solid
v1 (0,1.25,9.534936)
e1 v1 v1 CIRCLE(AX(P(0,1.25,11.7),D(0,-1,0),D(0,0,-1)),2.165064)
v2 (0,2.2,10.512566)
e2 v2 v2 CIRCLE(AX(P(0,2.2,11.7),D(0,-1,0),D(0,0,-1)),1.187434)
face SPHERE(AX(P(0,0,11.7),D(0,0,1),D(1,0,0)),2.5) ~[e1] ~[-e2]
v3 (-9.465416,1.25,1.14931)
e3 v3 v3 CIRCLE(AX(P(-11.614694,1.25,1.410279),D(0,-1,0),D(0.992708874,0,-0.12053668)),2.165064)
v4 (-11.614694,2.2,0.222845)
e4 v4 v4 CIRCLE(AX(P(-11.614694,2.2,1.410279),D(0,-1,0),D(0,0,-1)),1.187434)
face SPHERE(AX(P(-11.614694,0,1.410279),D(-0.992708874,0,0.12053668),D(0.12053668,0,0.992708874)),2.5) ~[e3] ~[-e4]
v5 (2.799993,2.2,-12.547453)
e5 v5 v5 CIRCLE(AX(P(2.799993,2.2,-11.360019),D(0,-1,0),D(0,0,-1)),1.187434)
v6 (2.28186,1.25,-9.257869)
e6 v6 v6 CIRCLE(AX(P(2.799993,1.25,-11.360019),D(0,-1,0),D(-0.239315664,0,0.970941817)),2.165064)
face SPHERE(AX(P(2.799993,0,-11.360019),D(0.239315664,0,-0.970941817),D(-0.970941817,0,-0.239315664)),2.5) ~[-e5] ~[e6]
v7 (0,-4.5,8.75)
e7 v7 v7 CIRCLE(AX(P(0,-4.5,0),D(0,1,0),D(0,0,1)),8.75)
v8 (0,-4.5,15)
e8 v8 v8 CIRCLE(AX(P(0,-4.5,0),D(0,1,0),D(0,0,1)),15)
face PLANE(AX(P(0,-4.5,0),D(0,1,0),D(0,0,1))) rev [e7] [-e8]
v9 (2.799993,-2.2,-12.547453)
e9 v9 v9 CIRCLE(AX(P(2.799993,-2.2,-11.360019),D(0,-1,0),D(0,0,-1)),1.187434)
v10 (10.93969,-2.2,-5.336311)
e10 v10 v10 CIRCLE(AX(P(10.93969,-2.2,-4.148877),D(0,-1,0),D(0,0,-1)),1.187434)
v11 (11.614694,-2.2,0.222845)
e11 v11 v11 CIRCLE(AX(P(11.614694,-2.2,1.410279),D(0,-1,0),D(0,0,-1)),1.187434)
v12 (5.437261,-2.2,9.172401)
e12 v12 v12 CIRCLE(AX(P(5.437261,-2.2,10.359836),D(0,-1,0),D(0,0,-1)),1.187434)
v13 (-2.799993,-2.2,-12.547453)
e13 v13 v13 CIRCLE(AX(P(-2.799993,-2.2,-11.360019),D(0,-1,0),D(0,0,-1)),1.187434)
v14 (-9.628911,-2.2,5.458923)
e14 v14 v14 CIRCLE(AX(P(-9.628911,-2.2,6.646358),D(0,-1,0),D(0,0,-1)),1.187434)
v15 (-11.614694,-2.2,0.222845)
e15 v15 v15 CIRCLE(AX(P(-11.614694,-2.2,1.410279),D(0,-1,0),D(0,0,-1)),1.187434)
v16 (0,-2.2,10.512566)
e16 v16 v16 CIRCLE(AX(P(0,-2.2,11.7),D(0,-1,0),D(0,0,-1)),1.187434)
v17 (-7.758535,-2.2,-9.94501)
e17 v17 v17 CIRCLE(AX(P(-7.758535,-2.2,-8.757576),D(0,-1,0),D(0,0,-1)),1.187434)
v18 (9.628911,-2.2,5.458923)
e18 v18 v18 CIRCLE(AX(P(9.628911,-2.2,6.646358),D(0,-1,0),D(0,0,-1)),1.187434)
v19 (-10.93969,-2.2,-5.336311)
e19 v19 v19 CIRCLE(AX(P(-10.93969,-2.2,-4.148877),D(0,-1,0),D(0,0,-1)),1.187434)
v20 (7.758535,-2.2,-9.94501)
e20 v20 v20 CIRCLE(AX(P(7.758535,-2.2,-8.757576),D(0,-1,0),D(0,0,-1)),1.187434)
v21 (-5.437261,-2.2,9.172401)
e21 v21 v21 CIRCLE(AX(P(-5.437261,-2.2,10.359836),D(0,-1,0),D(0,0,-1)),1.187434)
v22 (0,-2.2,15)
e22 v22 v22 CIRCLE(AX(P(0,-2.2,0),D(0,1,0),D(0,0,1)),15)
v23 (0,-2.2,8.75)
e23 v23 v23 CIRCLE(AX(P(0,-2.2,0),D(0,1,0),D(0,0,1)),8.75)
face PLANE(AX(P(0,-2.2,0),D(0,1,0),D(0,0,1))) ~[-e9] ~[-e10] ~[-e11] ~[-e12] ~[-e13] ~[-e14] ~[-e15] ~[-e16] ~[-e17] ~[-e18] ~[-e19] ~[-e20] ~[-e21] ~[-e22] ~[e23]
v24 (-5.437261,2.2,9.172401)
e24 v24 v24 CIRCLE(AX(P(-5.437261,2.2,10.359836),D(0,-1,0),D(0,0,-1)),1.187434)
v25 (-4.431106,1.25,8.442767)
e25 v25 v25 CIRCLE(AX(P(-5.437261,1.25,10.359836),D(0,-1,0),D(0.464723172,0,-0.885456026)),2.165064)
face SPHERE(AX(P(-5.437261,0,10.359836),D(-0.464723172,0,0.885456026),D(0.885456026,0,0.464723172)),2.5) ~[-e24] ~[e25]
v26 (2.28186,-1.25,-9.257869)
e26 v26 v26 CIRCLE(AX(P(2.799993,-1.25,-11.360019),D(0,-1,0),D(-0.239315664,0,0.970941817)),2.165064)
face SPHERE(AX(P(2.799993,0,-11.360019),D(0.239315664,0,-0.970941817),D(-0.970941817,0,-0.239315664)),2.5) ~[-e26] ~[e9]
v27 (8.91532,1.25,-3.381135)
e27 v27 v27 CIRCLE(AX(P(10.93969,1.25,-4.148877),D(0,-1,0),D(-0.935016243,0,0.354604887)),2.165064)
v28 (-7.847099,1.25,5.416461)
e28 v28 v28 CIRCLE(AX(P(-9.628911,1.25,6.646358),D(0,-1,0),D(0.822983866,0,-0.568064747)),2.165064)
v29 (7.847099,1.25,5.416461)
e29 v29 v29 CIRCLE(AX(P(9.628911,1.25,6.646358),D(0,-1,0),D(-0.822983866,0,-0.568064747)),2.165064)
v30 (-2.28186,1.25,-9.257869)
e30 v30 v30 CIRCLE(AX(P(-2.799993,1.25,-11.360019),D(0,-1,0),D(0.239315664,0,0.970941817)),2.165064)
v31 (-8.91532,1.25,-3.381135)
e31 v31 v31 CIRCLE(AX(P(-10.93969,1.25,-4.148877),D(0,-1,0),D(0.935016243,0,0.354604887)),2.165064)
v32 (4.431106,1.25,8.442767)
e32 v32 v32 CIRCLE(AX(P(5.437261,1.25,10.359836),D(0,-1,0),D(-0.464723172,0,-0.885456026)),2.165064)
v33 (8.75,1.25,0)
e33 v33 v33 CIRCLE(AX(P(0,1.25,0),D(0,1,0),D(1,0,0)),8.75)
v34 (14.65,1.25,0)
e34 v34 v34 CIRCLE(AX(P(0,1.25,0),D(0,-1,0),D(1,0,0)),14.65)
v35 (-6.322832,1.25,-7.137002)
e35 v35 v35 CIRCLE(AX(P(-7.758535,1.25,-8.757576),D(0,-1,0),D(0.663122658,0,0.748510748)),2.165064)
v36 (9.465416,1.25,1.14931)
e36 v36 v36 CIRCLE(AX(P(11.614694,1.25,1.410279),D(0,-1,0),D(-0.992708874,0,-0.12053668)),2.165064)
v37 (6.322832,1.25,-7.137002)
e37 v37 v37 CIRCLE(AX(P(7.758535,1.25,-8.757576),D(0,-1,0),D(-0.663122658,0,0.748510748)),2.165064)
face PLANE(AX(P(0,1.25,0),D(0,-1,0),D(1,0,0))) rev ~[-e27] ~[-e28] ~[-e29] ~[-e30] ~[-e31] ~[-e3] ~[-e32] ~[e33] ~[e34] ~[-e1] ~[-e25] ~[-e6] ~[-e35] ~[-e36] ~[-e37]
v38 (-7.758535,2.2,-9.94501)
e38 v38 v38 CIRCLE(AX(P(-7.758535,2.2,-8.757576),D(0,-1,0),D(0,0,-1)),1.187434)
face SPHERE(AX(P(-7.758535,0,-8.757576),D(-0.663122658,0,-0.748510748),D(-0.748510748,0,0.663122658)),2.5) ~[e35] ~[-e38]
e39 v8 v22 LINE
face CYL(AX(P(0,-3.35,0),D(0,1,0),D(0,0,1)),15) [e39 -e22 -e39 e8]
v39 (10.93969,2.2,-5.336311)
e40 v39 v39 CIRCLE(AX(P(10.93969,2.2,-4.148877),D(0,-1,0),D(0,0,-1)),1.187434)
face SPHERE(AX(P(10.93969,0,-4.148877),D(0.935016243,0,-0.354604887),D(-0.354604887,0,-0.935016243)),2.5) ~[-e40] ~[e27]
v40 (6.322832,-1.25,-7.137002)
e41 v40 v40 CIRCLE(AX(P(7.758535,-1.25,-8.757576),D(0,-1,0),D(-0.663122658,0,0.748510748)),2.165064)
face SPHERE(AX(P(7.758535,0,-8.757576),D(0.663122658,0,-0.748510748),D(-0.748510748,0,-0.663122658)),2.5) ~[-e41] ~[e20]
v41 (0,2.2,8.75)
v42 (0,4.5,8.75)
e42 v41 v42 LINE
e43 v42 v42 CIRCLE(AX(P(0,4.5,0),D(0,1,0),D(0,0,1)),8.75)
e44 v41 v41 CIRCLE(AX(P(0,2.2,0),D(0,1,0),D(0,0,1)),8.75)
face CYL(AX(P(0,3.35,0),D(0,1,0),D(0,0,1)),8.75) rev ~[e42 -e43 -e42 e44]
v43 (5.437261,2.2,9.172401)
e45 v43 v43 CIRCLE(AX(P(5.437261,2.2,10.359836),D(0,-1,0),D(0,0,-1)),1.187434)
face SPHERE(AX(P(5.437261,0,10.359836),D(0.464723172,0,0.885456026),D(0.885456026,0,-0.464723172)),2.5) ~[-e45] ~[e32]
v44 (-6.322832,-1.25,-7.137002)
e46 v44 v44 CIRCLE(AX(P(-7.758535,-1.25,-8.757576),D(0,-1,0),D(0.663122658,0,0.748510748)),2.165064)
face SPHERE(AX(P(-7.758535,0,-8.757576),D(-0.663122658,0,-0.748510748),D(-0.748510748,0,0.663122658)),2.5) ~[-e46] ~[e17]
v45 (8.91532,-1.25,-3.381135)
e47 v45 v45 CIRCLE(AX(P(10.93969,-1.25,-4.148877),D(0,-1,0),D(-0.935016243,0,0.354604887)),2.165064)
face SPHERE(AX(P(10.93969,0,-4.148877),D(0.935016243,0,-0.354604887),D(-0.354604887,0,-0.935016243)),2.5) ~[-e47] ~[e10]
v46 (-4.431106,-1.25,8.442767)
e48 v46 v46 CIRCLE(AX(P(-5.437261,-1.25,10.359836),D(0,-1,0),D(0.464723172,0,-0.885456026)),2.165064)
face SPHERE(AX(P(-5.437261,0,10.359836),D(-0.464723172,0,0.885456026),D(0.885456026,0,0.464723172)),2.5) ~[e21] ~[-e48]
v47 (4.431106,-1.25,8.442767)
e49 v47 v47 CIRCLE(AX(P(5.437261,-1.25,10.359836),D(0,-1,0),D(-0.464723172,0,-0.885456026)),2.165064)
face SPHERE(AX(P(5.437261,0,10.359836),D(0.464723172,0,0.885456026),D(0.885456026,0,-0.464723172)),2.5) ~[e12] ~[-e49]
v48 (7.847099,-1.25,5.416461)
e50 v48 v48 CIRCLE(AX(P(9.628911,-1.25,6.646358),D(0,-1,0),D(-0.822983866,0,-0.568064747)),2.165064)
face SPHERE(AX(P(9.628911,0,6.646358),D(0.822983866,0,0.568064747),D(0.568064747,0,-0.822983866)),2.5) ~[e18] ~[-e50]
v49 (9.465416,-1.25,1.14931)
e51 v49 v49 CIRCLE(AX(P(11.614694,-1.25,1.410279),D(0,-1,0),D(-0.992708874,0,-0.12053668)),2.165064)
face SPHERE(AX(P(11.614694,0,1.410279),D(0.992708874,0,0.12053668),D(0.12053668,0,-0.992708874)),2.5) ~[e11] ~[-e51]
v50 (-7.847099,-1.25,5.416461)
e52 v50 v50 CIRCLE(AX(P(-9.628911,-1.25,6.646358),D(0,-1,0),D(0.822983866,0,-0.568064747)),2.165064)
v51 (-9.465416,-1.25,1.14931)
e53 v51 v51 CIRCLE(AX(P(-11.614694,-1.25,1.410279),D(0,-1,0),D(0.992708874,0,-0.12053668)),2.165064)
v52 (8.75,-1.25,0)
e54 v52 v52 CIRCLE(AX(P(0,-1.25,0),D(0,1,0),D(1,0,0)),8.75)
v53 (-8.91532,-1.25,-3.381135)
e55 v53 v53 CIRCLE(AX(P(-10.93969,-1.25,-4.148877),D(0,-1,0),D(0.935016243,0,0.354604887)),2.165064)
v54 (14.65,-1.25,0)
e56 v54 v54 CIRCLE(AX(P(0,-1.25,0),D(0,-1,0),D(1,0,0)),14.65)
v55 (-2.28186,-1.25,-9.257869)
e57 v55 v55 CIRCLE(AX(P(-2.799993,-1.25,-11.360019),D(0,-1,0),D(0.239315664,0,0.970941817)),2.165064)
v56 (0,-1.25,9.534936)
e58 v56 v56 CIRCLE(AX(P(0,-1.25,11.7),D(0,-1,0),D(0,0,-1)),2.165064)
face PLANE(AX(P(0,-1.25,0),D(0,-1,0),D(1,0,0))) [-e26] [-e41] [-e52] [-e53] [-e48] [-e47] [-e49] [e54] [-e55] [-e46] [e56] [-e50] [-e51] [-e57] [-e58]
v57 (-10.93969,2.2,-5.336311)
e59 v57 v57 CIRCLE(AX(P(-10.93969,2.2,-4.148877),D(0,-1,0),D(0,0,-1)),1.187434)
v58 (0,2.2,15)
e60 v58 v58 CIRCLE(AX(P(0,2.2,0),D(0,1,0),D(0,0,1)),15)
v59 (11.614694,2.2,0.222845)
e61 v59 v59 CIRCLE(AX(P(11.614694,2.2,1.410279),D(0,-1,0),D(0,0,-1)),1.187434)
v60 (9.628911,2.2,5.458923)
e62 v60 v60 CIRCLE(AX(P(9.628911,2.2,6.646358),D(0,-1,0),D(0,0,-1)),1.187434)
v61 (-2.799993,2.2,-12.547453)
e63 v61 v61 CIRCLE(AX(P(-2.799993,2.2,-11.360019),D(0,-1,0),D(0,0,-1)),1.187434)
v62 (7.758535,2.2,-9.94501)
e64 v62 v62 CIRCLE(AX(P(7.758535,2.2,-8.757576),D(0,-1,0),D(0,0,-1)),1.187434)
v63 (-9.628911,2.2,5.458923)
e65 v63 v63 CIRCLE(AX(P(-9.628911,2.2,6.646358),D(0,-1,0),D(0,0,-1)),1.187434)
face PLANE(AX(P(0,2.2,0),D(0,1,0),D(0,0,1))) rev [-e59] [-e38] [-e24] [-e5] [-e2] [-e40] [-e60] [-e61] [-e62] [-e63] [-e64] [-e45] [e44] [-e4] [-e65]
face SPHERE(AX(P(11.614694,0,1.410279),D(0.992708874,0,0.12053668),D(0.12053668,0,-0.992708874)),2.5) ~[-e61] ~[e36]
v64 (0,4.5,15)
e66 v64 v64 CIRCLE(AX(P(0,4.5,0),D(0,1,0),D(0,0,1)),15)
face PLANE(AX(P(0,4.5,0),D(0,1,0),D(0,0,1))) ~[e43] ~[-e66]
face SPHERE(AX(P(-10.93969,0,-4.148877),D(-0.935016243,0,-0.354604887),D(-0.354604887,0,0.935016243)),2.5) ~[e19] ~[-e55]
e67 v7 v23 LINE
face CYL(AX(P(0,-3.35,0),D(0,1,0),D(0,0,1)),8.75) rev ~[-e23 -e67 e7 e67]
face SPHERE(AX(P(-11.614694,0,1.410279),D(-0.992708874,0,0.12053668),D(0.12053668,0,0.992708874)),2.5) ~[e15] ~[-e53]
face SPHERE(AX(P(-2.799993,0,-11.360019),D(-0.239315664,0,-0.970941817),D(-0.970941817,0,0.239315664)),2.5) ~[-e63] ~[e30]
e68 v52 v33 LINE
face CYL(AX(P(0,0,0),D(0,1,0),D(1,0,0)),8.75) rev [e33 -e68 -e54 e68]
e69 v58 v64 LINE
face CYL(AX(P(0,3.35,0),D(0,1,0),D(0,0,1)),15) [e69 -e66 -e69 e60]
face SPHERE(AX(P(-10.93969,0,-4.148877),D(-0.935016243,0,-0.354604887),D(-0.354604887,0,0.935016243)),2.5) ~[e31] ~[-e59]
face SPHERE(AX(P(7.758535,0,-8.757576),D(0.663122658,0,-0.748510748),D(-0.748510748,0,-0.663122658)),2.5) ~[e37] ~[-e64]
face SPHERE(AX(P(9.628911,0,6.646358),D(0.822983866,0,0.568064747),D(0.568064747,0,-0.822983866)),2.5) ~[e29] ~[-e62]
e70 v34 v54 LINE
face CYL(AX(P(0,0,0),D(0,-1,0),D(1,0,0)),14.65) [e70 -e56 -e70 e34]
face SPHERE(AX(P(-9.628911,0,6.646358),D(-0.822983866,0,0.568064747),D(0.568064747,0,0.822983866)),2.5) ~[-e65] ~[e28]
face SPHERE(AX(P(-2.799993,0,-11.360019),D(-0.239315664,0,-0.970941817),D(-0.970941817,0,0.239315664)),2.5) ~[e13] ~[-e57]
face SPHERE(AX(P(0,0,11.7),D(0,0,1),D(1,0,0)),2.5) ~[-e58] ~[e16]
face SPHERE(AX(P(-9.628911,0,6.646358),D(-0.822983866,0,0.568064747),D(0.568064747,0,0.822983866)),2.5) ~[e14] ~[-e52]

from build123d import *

# Parameters (mm, degrees)
F0_R     = 14.65
F0_R_2   = 8.75
F1_DEPTH = 1.25
F4_COUNT = 13
F5_W     = 2.3
F5_H     = 6.25


with BuildPart() as f1:
    # F0 (on Front) → F1 (new body, symmetric)
    with BuildSketch(Plane.XZ):
        Circle(F0_R)
        Circle(F0_R_2, mode=Mode.SUBTRACT)
    extrude(amount=F1_DEPTH, both=True)

    # F2 (on Front) → F3 (revolve)
    with BuildSketch(Plane.XZ):
        with BuildLine():
            Line((0, 14.2), (0, 9.2))
            ThreePointArc((0, 9.2), (2.5, 11.7), (0, 14.2))
        make_face()
    revolve(axis=Axis((0, 0, 11.7), (0, 0, -1)))

    # F4: F1 ×13 about axis
    f4_axis = Axis((0, -1.25, 0), (0, -1, 0))


with BuildPart() as f1_1:
    add(f1.part)
    for i in range(1, F4_COUNT):
        add(f1.part.rotate(f4_axis, i * 360 / F4_COUNT))

    # F5 (on Right) → F6 (revolve)
    with BuildSketch(Plane.YZ):
        with Locations((3.35, 11.875)):
            Rectangle(F5_W, F5_H)
        with Locations((-3.35, 11.875)):
            Rectangle(F5_W, F5_H)
    revolve(axis=Axis((0, 2.25, 0), (0, 1, 0)))


solid = f1_1.part
